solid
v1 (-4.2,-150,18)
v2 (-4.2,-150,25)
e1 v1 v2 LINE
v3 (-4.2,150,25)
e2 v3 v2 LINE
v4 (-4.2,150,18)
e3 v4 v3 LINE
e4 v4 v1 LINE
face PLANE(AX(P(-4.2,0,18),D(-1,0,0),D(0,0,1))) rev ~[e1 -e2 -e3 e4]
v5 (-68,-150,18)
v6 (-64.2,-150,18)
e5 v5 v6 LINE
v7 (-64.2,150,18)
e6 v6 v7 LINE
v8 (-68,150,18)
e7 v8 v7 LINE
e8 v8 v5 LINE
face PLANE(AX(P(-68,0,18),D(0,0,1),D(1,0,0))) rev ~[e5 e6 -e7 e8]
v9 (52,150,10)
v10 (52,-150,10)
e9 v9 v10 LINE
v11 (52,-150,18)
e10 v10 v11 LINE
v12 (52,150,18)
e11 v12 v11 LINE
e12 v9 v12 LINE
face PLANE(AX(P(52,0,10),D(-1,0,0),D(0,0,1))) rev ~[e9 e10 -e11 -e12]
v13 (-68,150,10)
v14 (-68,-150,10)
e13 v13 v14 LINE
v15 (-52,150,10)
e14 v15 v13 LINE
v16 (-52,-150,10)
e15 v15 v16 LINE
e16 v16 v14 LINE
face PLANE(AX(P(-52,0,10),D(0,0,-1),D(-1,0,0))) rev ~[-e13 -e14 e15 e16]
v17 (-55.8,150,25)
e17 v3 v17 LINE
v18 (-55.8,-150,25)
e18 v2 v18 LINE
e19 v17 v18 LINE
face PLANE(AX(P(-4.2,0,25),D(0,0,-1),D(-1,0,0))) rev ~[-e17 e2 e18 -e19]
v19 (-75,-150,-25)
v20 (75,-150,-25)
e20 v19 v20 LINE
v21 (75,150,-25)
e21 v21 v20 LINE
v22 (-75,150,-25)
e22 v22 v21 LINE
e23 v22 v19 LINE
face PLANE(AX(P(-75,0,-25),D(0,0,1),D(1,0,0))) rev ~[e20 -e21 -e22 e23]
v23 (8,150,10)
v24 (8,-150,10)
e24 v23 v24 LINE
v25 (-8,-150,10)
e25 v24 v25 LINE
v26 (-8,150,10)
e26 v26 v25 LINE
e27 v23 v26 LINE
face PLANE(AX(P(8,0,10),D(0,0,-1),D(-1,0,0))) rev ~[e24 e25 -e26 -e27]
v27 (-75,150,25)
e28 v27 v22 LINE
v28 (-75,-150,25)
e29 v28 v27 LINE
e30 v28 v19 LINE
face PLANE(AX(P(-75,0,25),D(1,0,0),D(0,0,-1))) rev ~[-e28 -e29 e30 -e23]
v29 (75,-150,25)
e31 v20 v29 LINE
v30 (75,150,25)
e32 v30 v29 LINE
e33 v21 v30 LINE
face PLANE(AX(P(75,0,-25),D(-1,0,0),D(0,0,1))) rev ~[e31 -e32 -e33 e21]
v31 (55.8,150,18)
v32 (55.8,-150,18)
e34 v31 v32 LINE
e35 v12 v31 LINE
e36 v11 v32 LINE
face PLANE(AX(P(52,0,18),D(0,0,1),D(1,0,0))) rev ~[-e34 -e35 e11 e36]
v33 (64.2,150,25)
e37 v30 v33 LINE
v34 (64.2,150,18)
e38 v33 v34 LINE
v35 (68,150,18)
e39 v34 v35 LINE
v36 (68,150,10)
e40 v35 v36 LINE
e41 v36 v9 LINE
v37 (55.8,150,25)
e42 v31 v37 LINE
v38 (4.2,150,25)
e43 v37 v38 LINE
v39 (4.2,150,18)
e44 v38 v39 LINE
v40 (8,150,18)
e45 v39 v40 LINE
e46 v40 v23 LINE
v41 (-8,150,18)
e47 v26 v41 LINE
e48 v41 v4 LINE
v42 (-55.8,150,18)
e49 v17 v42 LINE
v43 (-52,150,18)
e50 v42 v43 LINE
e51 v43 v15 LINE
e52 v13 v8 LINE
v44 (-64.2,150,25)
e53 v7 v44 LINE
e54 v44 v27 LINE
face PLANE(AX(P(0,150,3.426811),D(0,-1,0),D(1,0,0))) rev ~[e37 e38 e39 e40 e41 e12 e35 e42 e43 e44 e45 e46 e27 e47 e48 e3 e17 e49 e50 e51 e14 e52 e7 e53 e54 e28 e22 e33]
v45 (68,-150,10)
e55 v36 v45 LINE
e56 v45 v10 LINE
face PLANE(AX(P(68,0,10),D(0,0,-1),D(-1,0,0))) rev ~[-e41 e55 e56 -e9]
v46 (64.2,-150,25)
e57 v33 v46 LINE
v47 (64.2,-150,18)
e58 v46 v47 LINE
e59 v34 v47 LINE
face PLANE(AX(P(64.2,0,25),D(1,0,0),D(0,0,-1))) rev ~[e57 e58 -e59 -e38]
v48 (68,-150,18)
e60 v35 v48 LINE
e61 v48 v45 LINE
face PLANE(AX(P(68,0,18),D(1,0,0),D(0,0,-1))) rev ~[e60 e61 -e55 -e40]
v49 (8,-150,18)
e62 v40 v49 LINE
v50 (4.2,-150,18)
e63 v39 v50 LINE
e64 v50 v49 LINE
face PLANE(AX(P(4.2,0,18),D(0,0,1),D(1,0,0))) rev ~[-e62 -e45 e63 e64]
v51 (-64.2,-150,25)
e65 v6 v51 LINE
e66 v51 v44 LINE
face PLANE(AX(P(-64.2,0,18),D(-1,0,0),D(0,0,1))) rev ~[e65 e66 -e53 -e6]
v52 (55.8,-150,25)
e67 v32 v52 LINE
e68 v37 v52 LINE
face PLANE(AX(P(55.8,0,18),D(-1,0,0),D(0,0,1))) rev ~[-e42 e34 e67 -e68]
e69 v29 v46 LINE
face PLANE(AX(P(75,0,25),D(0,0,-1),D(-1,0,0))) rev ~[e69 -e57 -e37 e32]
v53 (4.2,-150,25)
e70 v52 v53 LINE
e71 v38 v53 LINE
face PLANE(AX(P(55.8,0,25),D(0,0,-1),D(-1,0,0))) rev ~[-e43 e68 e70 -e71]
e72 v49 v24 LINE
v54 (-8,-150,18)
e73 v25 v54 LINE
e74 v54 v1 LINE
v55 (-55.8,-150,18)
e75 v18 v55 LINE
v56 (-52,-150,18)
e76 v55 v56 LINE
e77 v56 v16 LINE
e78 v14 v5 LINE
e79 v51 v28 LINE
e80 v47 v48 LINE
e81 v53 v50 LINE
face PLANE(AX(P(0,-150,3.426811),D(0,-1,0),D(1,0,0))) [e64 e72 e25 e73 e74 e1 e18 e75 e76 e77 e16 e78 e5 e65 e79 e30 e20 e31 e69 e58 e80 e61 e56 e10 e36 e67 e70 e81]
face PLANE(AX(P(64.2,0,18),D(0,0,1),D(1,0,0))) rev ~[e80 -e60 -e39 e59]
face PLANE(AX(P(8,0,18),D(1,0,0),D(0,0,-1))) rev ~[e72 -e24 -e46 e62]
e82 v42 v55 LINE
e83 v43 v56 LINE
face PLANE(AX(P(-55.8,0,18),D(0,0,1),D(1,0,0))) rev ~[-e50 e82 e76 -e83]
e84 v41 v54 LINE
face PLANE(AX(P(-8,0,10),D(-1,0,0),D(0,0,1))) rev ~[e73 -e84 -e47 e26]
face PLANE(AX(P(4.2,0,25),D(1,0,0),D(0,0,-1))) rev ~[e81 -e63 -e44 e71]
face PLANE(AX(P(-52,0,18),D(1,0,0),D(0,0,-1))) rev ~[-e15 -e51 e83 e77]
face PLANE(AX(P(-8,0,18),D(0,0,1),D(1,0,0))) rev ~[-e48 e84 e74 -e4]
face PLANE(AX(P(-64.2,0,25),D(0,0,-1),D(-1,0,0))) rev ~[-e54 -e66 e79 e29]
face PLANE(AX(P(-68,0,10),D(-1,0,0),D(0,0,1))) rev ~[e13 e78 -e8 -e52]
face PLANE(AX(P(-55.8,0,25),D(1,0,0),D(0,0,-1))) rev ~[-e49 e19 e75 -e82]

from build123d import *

# Parameters (mm, degrees)
F1_DEPTH      = 150
F1_DEPTH_BACK = 150


with BuildPart() as f1:
    # F0 (on Front) → F1 (new body, two sides)
    with BuildSketch(Plane.XZ) as f1_sk:
        Polygon((-75, 25), (-75, -25), (10.8969407156, -25), (35.9619036317, -25), (75, -25), (75, 25), (64.2, 25), (64.2, 18), (68, 18), (68, 10), (52, 10), (52, 18), (55.8, 18), (55.8, 25), (4.2, 25), (4.2, 18), (8, 18), (8, 10), (-8, 10), (-8, 18), (-4.2, 18), (-4.2, 25), (-55.8, 25), (-55.8, 18), (-52, 18), (-52, 10), (-68, 10), (-68, 18), (-64.2, 18), (-64.2, 25), align=None)
    extrude(amount=-F1_DEPTH)
    extrude(f1_sk.sketch, amount=F1_DEPTH_BACK)


solid = f1.part
